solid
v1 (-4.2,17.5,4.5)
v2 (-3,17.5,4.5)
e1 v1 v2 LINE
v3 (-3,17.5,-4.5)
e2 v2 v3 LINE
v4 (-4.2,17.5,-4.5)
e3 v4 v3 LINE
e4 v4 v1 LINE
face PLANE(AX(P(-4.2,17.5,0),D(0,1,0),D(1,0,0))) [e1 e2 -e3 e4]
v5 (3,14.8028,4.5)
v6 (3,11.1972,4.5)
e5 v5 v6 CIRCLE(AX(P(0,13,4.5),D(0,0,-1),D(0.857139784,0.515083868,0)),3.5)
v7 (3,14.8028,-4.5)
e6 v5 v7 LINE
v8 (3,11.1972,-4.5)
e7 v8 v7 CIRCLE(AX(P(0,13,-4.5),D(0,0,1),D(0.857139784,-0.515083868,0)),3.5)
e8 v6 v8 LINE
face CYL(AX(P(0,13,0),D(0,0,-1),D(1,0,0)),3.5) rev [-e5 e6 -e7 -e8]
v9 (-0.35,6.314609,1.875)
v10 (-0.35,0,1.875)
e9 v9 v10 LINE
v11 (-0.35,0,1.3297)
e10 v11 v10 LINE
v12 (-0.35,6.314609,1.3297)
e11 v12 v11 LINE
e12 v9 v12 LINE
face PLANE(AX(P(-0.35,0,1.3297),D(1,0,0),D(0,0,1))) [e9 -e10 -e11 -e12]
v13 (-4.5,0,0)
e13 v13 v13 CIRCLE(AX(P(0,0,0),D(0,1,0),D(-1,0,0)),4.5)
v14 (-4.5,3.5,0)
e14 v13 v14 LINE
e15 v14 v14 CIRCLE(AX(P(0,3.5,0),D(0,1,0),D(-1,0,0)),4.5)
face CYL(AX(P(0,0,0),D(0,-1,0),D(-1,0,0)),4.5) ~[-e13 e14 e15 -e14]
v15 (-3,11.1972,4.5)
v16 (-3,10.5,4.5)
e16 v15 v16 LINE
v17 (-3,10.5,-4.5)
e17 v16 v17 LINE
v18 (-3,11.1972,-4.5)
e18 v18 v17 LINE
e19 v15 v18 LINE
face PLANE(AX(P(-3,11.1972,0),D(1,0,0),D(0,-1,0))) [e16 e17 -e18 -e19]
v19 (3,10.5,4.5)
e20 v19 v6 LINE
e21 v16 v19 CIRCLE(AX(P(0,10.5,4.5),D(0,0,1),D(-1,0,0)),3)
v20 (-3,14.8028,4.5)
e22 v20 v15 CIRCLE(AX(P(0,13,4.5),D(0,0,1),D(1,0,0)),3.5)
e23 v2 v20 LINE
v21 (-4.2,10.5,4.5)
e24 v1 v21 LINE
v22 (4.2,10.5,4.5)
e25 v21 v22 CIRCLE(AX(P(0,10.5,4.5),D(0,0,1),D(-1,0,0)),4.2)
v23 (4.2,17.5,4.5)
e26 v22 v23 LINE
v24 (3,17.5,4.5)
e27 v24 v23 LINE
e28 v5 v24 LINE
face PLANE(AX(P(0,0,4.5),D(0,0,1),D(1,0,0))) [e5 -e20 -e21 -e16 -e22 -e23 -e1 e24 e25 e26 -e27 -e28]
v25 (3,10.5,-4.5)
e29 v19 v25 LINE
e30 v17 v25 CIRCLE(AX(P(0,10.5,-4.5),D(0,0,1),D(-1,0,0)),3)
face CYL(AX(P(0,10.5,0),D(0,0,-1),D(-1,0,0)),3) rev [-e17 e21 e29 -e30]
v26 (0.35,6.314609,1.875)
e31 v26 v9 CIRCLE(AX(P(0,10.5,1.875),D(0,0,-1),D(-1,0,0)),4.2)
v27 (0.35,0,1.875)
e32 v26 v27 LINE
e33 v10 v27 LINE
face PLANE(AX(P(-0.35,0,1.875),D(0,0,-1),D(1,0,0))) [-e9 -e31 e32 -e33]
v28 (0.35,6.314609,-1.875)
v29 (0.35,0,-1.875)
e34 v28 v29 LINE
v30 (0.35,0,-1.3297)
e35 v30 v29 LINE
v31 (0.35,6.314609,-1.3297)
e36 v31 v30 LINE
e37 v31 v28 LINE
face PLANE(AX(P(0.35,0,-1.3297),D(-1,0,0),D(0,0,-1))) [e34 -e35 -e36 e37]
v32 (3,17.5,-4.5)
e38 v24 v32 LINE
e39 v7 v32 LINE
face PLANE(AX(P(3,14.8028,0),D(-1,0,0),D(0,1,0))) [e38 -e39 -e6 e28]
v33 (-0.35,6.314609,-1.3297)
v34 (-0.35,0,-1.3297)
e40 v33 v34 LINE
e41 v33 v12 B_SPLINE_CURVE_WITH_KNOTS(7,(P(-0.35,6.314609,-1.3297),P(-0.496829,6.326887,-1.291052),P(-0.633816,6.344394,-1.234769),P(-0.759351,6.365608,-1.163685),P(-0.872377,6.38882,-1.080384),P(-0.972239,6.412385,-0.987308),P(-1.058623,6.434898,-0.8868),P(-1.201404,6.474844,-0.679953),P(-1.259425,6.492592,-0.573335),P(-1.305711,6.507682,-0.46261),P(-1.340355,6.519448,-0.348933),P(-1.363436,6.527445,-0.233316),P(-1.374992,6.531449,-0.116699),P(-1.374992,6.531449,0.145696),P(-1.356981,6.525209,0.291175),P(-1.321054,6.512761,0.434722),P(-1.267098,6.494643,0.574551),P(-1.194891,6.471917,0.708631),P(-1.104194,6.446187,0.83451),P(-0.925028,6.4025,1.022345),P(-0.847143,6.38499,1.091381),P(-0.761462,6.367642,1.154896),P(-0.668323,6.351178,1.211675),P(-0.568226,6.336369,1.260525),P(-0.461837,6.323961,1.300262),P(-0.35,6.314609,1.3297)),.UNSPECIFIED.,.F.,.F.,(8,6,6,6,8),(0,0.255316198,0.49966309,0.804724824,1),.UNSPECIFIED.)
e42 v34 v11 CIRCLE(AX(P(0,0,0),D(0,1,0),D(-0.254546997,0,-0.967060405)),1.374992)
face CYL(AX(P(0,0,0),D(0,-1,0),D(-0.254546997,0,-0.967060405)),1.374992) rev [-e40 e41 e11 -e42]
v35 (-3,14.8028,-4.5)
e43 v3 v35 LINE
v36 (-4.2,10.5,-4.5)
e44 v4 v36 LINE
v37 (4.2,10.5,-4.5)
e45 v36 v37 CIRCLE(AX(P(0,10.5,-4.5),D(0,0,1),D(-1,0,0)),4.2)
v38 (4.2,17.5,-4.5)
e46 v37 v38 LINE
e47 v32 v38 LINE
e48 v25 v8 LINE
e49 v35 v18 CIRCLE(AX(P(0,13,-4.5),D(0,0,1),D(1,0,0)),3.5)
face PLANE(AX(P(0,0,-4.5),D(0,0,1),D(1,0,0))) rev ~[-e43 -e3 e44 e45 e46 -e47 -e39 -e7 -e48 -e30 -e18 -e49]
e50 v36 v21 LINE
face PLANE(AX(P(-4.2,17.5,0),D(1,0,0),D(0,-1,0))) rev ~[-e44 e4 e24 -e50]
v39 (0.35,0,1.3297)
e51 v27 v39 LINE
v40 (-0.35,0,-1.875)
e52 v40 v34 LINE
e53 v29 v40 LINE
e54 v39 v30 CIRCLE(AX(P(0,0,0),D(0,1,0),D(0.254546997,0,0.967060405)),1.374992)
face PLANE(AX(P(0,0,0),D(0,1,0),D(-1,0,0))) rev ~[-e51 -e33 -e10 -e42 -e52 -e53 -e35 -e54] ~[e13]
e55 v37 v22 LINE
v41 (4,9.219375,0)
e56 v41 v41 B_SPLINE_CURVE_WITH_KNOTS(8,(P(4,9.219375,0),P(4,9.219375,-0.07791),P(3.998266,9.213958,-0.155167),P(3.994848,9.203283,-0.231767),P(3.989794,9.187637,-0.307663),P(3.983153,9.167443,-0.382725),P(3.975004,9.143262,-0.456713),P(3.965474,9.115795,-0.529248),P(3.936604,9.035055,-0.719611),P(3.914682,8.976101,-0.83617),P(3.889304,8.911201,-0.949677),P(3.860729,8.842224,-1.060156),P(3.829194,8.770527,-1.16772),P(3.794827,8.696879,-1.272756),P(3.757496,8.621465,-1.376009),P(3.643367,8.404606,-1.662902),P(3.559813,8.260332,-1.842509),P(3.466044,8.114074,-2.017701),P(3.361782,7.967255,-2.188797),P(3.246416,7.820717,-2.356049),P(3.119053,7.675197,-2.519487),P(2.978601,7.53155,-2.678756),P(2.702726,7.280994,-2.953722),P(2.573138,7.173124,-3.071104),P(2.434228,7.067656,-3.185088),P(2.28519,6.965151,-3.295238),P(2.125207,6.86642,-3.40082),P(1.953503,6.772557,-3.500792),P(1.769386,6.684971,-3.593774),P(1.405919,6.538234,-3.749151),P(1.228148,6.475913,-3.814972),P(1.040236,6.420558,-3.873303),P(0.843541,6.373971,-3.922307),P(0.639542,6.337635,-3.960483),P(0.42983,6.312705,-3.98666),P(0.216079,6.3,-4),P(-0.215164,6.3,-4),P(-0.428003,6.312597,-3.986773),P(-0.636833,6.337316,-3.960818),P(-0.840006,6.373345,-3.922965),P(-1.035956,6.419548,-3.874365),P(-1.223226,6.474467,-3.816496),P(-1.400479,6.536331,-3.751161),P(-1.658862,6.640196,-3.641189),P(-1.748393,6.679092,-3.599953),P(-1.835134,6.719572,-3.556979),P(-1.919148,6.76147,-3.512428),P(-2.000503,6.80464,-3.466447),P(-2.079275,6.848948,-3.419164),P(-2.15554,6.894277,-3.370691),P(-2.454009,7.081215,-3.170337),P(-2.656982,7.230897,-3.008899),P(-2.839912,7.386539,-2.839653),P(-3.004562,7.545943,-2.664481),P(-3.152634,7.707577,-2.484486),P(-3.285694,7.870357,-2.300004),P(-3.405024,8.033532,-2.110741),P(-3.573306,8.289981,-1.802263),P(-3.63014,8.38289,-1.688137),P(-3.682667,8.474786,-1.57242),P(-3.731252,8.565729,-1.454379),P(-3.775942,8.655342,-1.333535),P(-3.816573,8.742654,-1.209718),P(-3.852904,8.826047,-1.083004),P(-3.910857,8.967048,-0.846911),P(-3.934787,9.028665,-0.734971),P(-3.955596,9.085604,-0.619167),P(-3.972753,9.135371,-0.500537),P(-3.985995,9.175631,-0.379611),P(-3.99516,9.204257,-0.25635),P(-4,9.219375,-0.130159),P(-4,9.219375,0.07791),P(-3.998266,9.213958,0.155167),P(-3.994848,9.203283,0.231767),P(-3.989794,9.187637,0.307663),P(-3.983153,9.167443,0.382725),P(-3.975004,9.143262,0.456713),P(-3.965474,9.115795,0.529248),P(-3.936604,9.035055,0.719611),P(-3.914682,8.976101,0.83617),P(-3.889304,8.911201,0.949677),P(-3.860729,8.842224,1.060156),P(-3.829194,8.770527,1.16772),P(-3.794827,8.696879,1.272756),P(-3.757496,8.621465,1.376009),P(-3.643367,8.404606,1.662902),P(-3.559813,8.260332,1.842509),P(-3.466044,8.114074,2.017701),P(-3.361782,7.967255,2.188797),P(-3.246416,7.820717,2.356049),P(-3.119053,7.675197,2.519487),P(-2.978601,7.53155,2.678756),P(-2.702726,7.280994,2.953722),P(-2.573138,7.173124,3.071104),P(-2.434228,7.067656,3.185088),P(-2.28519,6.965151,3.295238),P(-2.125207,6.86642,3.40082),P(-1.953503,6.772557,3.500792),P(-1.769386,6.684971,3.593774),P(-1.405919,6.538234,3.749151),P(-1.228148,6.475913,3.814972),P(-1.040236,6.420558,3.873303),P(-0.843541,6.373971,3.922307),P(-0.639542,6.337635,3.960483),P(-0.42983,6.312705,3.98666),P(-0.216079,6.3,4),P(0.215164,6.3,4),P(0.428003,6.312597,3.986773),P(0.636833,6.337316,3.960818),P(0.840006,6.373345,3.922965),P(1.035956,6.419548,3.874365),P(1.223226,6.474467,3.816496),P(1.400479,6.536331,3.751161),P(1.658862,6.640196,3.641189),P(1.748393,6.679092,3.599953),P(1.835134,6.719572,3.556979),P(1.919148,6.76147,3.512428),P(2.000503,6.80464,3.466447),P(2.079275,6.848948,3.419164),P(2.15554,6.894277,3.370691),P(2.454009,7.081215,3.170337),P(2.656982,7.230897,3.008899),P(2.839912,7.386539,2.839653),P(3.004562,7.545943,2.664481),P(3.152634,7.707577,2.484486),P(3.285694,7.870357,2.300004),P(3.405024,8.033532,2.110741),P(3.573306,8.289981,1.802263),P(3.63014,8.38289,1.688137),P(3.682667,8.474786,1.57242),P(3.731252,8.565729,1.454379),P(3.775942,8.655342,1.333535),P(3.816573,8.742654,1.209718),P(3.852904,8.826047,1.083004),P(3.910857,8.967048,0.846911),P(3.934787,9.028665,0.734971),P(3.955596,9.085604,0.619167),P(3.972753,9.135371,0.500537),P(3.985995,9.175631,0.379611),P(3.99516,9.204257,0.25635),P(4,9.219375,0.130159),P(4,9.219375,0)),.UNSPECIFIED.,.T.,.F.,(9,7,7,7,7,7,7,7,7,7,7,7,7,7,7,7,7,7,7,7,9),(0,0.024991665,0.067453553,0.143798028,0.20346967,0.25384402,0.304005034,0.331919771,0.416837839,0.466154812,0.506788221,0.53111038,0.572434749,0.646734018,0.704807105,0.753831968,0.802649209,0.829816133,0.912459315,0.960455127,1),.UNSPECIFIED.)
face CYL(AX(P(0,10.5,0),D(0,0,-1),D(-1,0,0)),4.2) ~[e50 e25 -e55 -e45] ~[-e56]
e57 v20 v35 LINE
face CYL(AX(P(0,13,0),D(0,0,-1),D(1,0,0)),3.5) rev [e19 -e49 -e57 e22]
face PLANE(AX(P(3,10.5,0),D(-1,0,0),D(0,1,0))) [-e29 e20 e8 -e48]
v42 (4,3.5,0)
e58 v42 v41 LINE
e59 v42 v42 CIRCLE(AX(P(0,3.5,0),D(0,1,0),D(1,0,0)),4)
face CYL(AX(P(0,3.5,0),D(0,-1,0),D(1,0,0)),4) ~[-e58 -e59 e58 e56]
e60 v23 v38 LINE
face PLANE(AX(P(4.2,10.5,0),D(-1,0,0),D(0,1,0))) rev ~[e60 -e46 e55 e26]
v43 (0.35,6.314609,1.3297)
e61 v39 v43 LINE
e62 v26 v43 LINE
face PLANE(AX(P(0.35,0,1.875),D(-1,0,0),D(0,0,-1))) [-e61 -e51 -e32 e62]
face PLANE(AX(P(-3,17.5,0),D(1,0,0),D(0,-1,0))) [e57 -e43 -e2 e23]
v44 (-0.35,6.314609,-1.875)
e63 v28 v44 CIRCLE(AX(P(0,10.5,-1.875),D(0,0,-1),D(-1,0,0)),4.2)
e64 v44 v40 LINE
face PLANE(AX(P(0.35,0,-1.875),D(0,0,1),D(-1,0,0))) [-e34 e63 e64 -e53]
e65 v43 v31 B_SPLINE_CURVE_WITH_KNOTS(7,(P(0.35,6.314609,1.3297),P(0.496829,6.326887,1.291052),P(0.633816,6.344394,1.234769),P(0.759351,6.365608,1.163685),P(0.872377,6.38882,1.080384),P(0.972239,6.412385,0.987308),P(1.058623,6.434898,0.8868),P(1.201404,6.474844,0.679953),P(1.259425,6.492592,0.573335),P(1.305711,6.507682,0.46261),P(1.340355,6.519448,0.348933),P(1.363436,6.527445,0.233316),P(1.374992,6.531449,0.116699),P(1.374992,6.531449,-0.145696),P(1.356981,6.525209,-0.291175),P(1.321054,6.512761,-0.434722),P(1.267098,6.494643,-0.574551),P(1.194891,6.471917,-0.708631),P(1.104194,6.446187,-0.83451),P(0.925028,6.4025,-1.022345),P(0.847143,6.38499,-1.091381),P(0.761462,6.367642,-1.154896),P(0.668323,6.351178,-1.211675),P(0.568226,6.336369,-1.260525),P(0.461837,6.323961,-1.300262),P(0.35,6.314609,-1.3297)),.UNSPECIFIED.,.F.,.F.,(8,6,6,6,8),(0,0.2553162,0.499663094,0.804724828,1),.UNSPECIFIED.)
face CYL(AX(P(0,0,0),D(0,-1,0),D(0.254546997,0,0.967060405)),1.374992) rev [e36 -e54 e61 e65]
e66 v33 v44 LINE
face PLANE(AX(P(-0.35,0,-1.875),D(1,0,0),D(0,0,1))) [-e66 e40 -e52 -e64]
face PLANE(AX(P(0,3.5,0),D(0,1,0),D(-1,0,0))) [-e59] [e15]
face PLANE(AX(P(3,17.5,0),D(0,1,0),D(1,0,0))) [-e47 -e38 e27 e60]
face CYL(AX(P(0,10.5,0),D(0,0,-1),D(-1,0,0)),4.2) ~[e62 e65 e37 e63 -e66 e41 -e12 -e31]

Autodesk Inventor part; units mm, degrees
ref_plane "YZ Plane" through (0, 0, 0) normal (1, 0, 0) x (0, 1, 0)
ref_plane "XZ Plane" through (0, 0, 0) normal (0, 1, 0) x (-1, 0, 0)
ref_plane "XY Plane" through (0, 0, 0) normal (0, 0, 1) x (1, 0, 0)
sketch "Sketch1" plane through (0, 0, 0) normal (0, 1, 0) x (-1, 0, 0)
  circle A0 centre (0, 0) radius 1.115 construction
  arc A1 (-0.35, 1.3297) -> (-0.35, -1.3297) centre (0, 0) ccw
  circle A2 centre (0, 0) radius 4.5
  line L0 (0.35, 1.875) -> (-0.35, 1.875)
  line L1 (-0.35, 1.875) -> (-0.35, -1.875)
  line L2 (-0.35, -1.875) -> (0.35, -1.875)
  line L3 (0.35, -1.875) -> (0.35, 1.875)
  arc A3 (0.35, 1.3297) -> (-0.35, 1.3297) centre (0, 0) ccw
  arc A4 (0.35, -1.3297) -> (0.35, 1.3297) centre (0, 0) ccw
  arc A5 (-0.35, -1.3297) -> (0.35, -1.3297) centre (0, 0) ccw
  point P0 (0, 1.875)
  point P1 (0.35, 0)
  dimension "d1" = 2.23
  dimension "d3" = 9
  dimension "d18" = 0.26
  dimension "d19" = 0.7
  dimension "d20" = 3.75
extrude "Extrusion1" add sketch "Sketch1" along normal blind 3.5
sketch "Sketch4" plane through (0, 0, 0) normal (0, 0, 1) x (1, 0, 0)
  line L0 (-4.2, 17.5) -> (-4.2, 10.5)
  arc A0 (-4.2, 10.5) -> (4.2, 10.5) centre (0, 10.5) ccw
  line L1 (4.2, 10.5) -> (4.2, 17.5)
  line L2 (-3, 17.5) -> (-3, 14.8028)
  arc A1 (-3, 10.5) -> (3, 10.5) centre (0, 10.5) ccw
  line L3 (3, 10.5) -> (3, 11.1972)
  line L4 (-4.2, 17.5) -> (-3, 17.5)
  line L5 (3, 17.5) -> (4.2, 17.5)
  line L6 (-0.35, 0) -> (0.35, 0) projected
  line L7 (4.5, 3.5) -> (-4.5, 3.5) projected
  circle A2 centre (0, 13) radius 3.5
  line L8 (-3, 14.8028) -> (-3, 11.1972)
  line L9 (-3, 11.1972) -> (-3, 10.5)
  line L10 (3, 11.1972) -> (3, 14.8028)
  line L11 (3, 14.8028) -> (3, 17.5)
  point P0 (0, 0)
  point P1 (0, 0)
  dimension "d21" = 3
  dimension "d23" = 1.2
  dimension "d24" = 7
  dimension "d25" = 7
  dimension "d26" = 7
  dimension "d27" = 2.5
extrude "Extrusion5" add sketch "Sketch4" along normal mid plane 9 contours L4 L2 A2 L9 A1 L3 L11 L5 L1 A0 L0
sketch "Sketch8" plane through (0, 3.5, 0) normal (0, 1, 0) x (1, 0, 0)
  circle A0 centre (0, 0) radius 4
  arc A1 (0.35, -1.3297) -> (0.35, 1.3297) centre (0, 0) ccw projected
  line L0 (0.35, 1.875) -> (0.35, 1.3297) projected
  line L1 (-0.35, 1.875) -> (0.35, 1.875) projected
  line L2 (-0.35, 1.3297) -> (-0.35, 1.875) projected
  arc A2 (-0.35, 1.3297) -> (-0.35, -1.3297) centre (0, 0) ccw projected
  line L3 (-0.35, -1.875) -> (-0.35, -1.3297) projected
  line L4 (0.35, -1.875) -> (-0.35, -1.875) projected
  line L5 (0.35, -1.3297) -> (0.35, -1.875) projected
  dimension "d33" = 8
extrude "Extrusion6" add sketch "Sketch8" along normal up to next
sketch "Sketch2" plane through (0, 3.5, 0) normal (0, 1, 0) x (1, 0, 0)
  circle A0 centre (0, 0) radius 1.375 projected
  circle A1 centre (0, 0) radius 3.375
  dimension "d6" = 2
  dimension "d9" = 7.3
  dimension "d10" = 2
properties part number "Laser Mount"
